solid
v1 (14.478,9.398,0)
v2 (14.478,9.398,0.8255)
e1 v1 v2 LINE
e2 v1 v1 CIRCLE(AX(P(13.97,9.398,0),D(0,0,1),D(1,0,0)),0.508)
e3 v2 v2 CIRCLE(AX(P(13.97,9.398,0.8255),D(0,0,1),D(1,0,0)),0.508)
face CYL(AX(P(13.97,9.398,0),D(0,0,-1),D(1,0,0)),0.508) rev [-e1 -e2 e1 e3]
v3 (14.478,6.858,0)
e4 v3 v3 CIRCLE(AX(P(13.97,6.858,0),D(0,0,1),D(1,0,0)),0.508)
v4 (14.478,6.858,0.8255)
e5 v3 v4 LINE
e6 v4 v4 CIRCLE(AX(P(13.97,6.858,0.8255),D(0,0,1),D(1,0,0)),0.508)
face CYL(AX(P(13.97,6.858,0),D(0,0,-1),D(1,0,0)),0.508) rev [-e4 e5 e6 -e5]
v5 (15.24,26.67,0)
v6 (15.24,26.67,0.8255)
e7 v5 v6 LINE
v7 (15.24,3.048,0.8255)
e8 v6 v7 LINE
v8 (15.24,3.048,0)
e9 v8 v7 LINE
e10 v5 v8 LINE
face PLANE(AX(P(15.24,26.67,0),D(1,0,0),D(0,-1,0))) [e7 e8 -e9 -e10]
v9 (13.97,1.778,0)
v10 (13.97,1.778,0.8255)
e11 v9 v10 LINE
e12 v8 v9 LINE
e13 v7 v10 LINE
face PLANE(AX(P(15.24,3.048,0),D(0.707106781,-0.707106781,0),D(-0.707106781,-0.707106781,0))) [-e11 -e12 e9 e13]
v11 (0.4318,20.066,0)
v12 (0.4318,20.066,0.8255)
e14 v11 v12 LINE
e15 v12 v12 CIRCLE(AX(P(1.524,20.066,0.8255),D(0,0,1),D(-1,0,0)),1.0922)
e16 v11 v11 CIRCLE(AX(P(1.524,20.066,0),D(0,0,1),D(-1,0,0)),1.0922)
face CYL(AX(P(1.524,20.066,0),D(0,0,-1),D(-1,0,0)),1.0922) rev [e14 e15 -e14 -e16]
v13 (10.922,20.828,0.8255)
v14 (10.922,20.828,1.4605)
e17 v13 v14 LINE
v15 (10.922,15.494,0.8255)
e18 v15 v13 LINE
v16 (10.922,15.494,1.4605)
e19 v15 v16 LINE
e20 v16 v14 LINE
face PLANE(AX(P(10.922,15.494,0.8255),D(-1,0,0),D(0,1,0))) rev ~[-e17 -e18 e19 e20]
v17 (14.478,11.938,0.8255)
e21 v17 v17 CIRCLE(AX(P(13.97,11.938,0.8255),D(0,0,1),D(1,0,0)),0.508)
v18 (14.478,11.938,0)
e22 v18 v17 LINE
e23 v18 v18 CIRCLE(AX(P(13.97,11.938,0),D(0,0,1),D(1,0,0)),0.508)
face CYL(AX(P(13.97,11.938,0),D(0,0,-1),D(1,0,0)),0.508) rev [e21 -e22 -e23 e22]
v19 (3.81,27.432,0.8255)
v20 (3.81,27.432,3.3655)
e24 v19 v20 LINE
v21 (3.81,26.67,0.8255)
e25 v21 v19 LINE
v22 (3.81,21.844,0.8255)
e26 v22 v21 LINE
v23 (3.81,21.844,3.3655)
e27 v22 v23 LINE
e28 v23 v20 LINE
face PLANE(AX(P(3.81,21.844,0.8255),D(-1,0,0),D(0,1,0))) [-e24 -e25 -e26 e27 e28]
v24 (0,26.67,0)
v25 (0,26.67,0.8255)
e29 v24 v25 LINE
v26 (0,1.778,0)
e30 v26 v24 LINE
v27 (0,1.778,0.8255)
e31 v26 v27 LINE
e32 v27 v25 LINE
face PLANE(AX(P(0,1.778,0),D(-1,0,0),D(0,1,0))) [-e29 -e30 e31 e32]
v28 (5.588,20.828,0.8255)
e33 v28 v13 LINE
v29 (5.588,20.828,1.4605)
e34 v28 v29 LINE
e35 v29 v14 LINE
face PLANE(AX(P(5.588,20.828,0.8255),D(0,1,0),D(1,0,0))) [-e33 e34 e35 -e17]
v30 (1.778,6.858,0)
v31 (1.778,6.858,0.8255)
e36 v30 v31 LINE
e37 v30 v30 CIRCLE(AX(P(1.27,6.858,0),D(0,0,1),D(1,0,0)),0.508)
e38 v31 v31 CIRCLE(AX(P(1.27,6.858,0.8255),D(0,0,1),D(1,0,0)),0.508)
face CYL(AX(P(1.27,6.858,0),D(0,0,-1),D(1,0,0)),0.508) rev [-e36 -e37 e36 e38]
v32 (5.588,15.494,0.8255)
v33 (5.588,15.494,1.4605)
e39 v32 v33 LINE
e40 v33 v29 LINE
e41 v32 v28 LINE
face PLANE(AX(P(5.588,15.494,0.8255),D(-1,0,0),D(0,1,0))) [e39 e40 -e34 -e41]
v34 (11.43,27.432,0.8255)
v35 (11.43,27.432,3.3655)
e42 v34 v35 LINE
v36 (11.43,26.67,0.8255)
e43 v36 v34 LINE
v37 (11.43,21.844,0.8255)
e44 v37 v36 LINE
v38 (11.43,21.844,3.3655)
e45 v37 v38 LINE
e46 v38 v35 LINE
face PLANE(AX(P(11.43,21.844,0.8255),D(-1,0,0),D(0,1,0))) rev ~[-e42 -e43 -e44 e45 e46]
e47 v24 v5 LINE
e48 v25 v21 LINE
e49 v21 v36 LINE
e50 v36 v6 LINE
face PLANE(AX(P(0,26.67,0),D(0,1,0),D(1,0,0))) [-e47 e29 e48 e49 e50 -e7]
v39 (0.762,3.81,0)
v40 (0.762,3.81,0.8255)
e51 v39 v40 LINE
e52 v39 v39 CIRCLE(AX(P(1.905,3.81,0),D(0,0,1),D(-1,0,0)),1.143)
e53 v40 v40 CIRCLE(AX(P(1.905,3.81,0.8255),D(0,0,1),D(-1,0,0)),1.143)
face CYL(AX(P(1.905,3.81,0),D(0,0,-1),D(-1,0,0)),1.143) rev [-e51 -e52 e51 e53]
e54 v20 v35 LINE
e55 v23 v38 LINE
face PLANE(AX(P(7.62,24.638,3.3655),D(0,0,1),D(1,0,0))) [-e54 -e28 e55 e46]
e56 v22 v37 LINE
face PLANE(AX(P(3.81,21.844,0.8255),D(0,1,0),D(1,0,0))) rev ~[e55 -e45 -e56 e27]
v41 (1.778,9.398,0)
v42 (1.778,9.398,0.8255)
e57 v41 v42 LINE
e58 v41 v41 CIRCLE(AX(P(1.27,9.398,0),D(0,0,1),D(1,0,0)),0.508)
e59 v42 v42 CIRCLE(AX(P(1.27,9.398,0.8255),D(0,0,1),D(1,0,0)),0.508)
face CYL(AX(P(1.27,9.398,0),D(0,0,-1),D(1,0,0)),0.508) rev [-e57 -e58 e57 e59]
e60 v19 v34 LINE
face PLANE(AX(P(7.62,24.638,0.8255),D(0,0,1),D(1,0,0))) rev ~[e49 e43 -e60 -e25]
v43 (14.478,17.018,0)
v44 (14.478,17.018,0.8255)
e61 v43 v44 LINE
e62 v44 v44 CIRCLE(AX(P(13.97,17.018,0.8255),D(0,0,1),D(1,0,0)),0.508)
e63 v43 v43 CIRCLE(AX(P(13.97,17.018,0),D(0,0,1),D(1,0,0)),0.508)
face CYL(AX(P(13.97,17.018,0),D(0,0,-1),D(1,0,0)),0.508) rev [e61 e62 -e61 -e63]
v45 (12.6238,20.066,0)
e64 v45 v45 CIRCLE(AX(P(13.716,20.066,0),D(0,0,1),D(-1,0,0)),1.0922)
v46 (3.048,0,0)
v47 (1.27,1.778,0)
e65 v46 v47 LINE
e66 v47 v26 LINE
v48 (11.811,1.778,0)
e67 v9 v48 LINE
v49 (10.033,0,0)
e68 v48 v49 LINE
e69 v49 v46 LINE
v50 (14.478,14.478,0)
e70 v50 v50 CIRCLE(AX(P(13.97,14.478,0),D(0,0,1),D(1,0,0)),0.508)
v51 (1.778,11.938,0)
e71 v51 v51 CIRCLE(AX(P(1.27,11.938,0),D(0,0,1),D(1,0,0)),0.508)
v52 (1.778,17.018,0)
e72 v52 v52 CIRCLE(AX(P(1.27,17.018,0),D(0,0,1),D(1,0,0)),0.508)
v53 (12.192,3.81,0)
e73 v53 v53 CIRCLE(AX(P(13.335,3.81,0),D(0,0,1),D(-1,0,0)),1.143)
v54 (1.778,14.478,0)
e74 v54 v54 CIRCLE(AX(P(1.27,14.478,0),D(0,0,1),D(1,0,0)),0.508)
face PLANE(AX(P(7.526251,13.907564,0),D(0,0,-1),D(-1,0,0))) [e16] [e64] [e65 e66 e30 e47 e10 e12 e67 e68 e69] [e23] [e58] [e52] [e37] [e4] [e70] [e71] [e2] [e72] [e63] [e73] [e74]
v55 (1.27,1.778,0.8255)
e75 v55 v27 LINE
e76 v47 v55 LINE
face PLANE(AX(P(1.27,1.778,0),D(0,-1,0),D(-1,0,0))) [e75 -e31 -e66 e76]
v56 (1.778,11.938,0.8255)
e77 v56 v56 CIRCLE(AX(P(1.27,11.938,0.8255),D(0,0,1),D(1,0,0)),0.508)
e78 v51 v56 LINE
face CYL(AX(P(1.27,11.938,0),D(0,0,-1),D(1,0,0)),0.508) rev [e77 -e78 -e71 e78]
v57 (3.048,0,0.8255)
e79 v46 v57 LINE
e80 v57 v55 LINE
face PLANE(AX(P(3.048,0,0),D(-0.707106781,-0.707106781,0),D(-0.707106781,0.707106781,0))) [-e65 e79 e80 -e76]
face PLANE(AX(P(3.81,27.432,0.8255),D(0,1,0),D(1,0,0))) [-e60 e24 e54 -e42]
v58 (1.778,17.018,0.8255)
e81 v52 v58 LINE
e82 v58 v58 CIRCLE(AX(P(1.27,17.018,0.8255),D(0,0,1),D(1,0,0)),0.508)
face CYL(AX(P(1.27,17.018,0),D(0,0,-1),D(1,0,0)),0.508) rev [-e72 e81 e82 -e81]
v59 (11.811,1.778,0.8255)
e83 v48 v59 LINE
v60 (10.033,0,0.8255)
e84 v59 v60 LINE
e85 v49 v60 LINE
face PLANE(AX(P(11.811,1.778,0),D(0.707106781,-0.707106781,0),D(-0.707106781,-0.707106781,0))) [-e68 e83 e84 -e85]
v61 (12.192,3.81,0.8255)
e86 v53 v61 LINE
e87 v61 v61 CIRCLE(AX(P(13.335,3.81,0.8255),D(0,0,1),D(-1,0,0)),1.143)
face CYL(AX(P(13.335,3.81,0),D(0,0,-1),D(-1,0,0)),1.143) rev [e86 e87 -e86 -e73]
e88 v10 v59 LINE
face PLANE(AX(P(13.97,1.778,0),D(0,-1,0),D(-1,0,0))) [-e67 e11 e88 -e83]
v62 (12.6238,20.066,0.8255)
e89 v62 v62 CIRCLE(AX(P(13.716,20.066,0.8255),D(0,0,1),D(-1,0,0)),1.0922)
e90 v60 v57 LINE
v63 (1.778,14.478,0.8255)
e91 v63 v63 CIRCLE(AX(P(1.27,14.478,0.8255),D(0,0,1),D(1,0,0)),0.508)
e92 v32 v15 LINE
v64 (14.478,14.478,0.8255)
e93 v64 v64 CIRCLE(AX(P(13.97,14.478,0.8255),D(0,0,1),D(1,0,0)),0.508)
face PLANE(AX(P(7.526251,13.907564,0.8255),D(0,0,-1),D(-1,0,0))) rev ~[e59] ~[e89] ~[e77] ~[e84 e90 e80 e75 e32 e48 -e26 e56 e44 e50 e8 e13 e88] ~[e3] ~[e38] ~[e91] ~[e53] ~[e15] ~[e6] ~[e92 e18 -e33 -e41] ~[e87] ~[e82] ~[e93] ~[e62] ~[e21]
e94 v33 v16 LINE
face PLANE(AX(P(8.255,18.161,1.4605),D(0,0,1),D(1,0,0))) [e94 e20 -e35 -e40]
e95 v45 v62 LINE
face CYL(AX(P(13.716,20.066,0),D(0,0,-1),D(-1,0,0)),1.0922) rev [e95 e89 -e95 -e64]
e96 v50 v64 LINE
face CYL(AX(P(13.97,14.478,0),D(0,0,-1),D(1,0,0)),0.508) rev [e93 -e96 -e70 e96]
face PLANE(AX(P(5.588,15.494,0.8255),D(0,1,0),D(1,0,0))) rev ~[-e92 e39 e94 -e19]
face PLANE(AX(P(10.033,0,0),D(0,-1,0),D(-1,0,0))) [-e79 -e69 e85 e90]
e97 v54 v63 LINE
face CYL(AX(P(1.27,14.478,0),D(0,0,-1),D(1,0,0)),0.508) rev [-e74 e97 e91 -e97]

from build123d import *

# Parameters (mm, degrees)
SKETCH1_R           = 1.143
SKETCH1_R_2         = 0.508
SKETCH1_R_3         = 1.0922
BOSS_EXTRUDE1_DEPTH = 0.8255
SKETCH2_W           = 7.62
SKETCH2_H           = 5.588
BOSS_EXTRUDE2_DEPTH = 2.54
SKETCH3_W           = 5.334
SKETCH3_H           = 5.334
BOSS_EXTRUDE3_DEPTH = 0.635


with BuildPart() as part:
    # Sketch1 → Boss-Extrude1 (new body)
    with BuildSketch(Plane.XY):
        Polygon((0, 26.67), (15.24, 26.67), (15.24, 3.048), (13.97, 1.778), (11.811, 1.778), (10.033, 0), (3.048, 0), (1.27, 1.778), (0, 1.778), align=None)
        with Locations(Location((1.905, 3.81, 0), (0, 0, 180))):
            Circle(SKETCH1_R, mode=Mode.SUBTRACT)
        with Locations(Location((13.335, 3.81, 0), (0, 0, 180))):
            Circle(SKETCH1_R, mode=Mode.SUBTRACT)
        with Locations((1.27, 6.858)):
            Circle(SKETCH1_R_2, mode=Mode.SUBTRACT)
        with Locations((1.27, 9.398)):
            Circle(SKETCH1_R_2, mode=Mode.SUBTRACT)
        with Locations((1.27, 11.938)):
            Circle(SKETCH1_R_2, mode=Mode.SUBTRACT)
        with Locations((1.27, 14.478)):
            Circle(SKETCH1_R_2, mode=Mode.SUBTRACT)
        with Locations((1.27, 17.018)):
            Circle(SKETCH1_R_2, mode=Mode.SUBTRACT)
        with Locations((13.97, 17.018)):
            Circle(SKETCH1_R_2, mode=Mode.SUBTRACT)
        with Locations((13.97, 14.478)):
            Circle(SKETCH1_R_2, mode=Mode.SUBTRACT)
        with Locations((13.97, 11.938)):
            Circle(SKETCH1_R_2, mode=Mode.SUBTRACT)
        with Locations((13.97, 9.398)):
            Circle(SKETCH1_R_2, mode=Mode.SUBTRACT)
        with Locations((13.97, 6.858)):
            Circle(SKETCH1_R_2, mode=Mode.SUBTRACT)
        with Locations(Location((1.524, 20.066, 0), (0, 0, 180))):
            Circle(SKETCH1_R_3, mode=Mode.SUBTRACT)
        with Locations(Location((13.716, 20.066, 0), (0, 0, 180))):
            Circle(SKETCH1_R_3, mode=Mode.SUBTRACT)
    extrude(amount=BOSS_EXTRUDE1_DEPTH)

    # Sketch2 → Boss-Extrude2 (add)
    with BuildSketch(Plane.XY.offset(0.8255)):
        with Locations((7.62, 24.638)):
            Rectangle(SKETCH2_W, SKETCH2_H)
    extrude(amount=BOSS_EXTRUDE2_DEPTH)

    # Sketch3 → Boss-Extrude3 (add)
    with BuildSketch(Plane.XY.offset(0.8255)):
        with Locations((8.255, 18.161)):
            Rectangle(SKETCH3_W, SKETCH3_H)
    extrude(amount=BOSS_EXTRUDE3_DEPTH)


solid = part.part
